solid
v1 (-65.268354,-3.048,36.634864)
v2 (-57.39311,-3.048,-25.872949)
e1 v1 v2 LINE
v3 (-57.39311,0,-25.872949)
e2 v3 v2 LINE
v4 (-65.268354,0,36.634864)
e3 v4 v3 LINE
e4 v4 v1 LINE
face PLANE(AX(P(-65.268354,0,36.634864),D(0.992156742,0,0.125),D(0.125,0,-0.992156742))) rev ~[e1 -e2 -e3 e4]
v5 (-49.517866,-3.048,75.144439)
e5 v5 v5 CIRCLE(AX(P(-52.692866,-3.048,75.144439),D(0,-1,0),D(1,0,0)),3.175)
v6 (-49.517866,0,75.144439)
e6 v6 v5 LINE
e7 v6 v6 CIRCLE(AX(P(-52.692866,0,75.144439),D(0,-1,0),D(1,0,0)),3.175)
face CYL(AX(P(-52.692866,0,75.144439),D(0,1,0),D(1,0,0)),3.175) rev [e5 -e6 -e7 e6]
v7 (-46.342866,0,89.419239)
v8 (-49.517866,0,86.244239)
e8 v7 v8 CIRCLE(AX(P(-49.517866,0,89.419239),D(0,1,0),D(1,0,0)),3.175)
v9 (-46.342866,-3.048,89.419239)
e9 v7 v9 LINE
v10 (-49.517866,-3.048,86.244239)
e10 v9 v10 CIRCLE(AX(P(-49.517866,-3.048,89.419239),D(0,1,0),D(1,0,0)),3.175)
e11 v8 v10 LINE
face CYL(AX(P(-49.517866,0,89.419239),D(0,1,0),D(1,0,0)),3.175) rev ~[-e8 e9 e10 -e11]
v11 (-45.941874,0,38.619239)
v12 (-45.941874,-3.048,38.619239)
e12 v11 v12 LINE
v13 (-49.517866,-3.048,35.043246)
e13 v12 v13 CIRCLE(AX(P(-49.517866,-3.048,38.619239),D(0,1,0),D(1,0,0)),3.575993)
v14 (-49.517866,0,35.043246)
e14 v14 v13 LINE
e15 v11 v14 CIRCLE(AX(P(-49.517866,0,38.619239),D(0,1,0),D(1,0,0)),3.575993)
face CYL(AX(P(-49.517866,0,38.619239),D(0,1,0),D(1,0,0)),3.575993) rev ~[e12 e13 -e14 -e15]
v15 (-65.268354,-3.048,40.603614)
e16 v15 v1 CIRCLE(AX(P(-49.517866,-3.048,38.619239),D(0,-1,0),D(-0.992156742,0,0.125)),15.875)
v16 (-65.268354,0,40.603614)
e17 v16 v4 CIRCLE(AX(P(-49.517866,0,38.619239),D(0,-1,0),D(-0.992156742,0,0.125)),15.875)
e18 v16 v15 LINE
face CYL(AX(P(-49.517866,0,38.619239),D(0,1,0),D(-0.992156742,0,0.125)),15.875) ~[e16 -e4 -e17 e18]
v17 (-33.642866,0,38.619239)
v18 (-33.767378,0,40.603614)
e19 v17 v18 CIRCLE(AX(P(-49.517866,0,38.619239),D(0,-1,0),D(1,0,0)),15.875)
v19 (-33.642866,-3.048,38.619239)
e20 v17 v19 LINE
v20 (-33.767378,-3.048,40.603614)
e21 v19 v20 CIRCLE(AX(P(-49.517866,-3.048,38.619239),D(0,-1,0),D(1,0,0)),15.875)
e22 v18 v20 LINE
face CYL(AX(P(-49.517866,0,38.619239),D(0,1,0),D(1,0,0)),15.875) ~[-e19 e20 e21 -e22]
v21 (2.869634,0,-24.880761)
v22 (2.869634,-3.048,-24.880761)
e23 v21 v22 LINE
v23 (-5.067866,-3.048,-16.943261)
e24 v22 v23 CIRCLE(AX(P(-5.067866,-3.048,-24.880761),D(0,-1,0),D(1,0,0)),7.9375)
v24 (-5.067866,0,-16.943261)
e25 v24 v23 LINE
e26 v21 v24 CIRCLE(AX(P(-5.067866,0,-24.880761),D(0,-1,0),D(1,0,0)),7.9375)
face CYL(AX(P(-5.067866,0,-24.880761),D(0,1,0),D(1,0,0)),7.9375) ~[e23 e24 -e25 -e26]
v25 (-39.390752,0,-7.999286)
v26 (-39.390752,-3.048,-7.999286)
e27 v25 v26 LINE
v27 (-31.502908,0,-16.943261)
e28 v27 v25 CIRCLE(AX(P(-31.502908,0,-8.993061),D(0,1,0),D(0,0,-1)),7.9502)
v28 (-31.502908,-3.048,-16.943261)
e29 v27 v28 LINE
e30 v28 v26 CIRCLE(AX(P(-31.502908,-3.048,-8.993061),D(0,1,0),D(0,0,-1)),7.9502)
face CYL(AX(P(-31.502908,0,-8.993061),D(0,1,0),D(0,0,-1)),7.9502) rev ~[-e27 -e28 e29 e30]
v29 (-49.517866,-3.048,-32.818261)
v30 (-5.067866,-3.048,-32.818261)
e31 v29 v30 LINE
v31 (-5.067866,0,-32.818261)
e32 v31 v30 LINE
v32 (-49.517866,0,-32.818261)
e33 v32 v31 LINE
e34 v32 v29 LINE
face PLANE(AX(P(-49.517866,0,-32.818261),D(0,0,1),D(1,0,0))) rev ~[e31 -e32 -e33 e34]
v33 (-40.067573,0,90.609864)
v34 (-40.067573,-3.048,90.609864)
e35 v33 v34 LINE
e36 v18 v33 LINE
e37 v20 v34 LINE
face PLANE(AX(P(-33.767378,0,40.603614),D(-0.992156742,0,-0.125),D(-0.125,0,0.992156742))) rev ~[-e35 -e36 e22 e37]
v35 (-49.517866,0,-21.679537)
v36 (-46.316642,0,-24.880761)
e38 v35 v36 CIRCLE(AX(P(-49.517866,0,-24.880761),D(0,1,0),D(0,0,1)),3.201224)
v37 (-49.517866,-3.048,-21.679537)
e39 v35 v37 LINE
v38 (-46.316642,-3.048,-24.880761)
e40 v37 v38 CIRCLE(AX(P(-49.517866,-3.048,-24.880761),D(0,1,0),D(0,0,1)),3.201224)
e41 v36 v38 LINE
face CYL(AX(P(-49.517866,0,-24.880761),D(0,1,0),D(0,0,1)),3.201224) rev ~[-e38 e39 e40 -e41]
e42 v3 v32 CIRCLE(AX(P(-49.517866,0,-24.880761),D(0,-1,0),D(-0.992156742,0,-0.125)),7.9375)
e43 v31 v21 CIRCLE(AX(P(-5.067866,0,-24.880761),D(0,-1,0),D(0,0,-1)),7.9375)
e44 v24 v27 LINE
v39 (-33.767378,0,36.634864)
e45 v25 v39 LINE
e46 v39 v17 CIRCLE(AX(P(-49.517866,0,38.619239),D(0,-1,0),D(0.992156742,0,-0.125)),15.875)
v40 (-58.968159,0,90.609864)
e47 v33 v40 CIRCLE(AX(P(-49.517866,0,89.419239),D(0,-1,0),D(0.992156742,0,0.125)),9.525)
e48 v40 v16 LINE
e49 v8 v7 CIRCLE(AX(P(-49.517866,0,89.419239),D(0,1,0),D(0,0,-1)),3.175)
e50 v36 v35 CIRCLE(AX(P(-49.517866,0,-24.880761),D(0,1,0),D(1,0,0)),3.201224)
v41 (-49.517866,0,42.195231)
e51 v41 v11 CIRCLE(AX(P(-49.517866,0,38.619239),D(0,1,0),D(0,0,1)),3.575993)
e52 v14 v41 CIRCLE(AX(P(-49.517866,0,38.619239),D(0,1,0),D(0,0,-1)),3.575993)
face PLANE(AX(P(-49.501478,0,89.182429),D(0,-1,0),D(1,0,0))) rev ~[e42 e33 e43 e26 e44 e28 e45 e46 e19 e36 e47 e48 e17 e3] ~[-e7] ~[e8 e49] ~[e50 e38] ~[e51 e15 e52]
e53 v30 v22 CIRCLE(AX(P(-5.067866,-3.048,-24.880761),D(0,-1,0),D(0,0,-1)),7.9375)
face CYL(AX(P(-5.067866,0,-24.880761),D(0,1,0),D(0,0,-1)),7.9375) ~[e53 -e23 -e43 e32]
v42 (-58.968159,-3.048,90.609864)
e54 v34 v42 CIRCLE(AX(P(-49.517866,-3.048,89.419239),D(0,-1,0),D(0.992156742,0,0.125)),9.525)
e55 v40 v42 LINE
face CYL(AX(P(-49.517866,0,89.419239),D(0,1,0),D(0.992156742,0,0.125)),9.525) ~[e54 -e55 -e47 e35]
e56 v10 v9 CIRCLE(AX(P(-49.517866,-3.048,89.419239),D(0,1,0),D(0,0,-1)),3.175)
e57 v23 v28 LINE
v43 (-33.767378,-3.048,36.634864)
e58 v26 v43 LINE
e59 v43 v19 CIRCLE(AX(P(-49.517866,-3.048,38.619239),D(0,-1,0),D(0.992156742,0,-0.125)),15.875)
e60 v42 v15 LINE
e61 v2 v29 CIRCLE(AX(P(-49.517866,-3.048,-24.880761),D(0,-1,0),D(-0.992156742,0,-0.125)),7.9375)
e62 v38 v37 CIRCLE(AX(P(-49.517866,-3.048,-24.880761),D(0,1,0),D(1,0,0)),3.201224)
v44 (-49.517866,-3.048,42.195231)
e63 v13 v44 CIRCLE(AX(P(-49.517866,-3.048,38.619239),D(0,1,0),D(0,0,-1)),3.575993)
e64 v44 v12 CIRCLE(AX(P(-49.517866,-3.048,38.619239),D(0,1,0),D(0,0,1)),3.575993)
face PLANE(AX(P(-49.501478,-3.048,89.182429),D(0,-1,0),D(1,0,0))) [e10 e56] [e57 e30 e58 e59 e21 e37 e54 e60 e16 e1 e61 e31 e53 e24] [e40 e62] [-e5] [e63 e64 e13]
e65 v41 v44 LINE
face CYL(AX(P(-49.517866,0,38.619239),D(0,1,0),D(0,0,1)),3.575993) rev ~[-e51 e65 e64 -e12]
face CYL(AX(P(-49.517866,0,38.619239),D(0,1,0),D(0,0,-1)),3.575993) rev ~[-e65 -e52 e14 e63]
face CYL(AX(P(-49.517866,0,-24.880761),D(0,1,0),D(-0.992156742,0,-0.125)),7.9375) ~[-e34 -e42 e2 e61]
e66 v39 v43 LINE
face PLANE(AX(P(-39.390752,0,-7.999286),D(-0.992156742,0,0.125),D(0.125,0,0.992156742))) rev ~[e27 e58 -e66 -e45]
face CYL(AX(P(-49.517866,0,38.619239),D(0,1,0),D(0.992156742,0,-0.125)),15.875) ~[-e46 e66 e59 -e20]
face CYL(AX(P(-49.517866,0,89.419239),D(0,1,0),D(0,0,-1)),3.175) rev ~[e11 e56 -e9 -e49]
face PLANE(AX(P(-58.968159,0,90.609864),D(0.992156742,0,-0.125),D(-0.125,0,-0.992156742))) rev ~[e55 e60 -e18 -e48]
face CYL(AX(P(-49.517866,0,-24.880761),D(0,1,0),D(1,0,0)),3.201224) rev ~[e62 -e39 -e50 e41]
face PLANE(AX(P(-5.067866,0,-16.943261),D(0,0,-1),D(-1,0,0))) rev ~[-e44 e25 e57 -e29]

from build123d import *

# Parameters (mm, degrees)
F0_R     = 3.175
F1_DEPTH = 3.048


with BuildPart() as f1:
    # F0 (on Front) → F1 (new body)
    with BuildSketch(Plane.XZ):
        with BuildLine():
            ThreePointArc((-58.9681591883, 90.6098637193), (-56.6616162241, 83.1190434099), (-49.5178662241, 79.8942387193))
            ThreePointArc((-49.5178662241, 79.8942387193), (-42.7826741332, 82.6840466285), (-39.9928662241, 89.4192387193))
            ThreePointArc((-39.9928662241, 89.4192387193), (-40.0115613298, 90.0157219613), (-40.0675732598, 90.6098637193))
            ThreePointArc((-40.0675732598, 90.6098637193), (-49.5178662241, 98.9442387193), (-58.9681591883, 90.6098637193))
        make_face()
        with BuildLine():
            ThreePointArc((-46.3428662241, 89.4192387193), (-47.2728021938, 87.1741746891), (-49.5178662241, 86.2442387193))
            ThreePointArc((-49.5178662241, 86.2442387193), (-51.7629302543, 91.6643027496), (-46.3428662241, 89.4192387193))
        make_face(mode=Mode.SUBTRACT)
        with BuildLine():
            ThreePointArc((-39.9928662241, 89.4192387193), (-42.7826741332, 82.6840466285), (-49.5178662241, 79.8942387193))
            Line((-49.5178662241, 79.8942387193), (-49.5178662241, 75.1444387193))
            Line((-49.5178662241, 75.1444387193), (-49.5178662241, 54.4942387193))
            ThreePointArc((-49.5178662241, 54.4942387193), (-39.0175407083, 50.5254887193), (-33.7673779504, 40.6036137193))
            Line((-33.7673779504, 40.6036137193), (-40.0675732598, 90.6098637193))
            ThreePointArc((-40.0675732598, 90.6098637193), (-40.0115613298, 90.0157219613), (-39.9928662241, 89.4192387193))
        make_face()
        with BuildLine():
            Line((-49.5178662241, 75.1444387193), (-49.5178662241, 79.8942387193))
            ThreePointArc((-49.5178662241, 79.8942387193), (-56.6616162241, 83.1190434099), (-58.9681591883, 90.6098637193))
            Line((-58.9681591883, 90.6098637193), (-65.2683544977, 40.6036137193))
            ThreePointArc((-65.2683544977, 40.6036137193), (-60.0181917398, 50.5254887193), (-49.5178662241, 54.4942387193))
            Line((-49.5178662241, 54.4942387193), (-49.5178662241, 75.1444387193))
        make_face()
        with Locations((-52.6928662241, 75.1444387193)):
            Circle(F0_R, mode=Mode.SUBTRACT)
        with BuildLine():
            ThreePointArc((-33.7673779504, 40.6036137193), (-39.0175407083, 50.5254887193), (-49.5178662241, 54.4942387193))
            Line((-49.5178662241, 54.4942387193), (-49.5178662241, 42.1952313846))
            ThreePointArc((-49.5178662241, 42.1952313846), (-46.9892575609, 41.1478473825), (-45.9418735588, 38.6192387193))
            ThreePointArc((-45.9418735588, 38.6192387193), (-46.9892575609, 36.0906300562), (-49.5178662241, 35.043246054))
            Line((-49.5178662241, 35.043246054), (-49.5178662241, 22.7442387193))
            ThreePointArc((-49.5178662241, 22.7442387193), (-39.0175407083, 26.7129887193), (-33.7673779504, 36.6348637193))
            ThreePointArc((-33.7673779504, 36.6348637193), (-33.6740247337, 37.6250999827), (-33.6428662241, 38.6192387193))
            ThreePointArc((-33.6428662241, 38.6192387193), (-33.6740247337, 39.613377456), (-33.7673779504, 40.6036137193))
        make_face()
        with BuildLine():
            Line((-49.5178662241, 42.1952313846), (-49.5178662241, 54.4942387193))
            ThreePointArc((-49.5178662241, 54.4942387193), (-60.0181917398, 50.5254887193), (-65.2683544977, 40.6036137193))
            ThreePointArc((-65.2683544977, 40.6036137193), (-65.3928662241, 38.6192387193), (-65.2683544977, 36.6348637193))
            ThreePointArc((-65.2683544977, 36.6348637193), (-60.0181917398, 26.7129887193), (-49.5178662241, 22.7442387193))
            Line((-49.5178662241, 22.7442387193), (-49.5178662241, 35.043246054))
            ThreePointArc((-49.5178662241, 35.043246054), (-53.0938588894, 38.6192387193), (-49.5178662241, 42.1952313846))
        make_face()
        with BuildLine():
            ThreePointArc((-49.5178662241, 22.7442387193), (-60.0181917398, 26.7129887193), (-65.2683544977, 36.6348637193))
            Line((-65.2683544977, 36.6348637193), (-57.3931103609, -25.8729487807))
            ThreePointArc((-57.3931103609, -25.8729487807), (-55.4709912241, -19.6305985228), (-49.5178662241, -16.9432612807))
            Line((-49.5178662241, -16.9432612807), (-49.5178662241, 22.7442387193))
        make_face()
        with BuildLine():
            ThreePointArc((-33.7673779504, 36.6348637193), (-39.0175407083, 26.7129887193), (-49.5178662241, 22.7442387193))
            Line((-49.5178662241, 22.7442387193), (-49.5178662241, -16.9432612807))
            ThreePointArc((-49.5178662241, -16.9432612807), (-43.9052061484, -19.268101205), (-41.5803662241, -24.8807612807))
            Line((-41.5803662241, -24.8807612807), (-13.0053662241, -24.8807612807))
            ThreePointArc((-13.0053662241, -24.8807612807), (-10.6805262997, -19.268101205), (-5.0678662241, -16.9432612807))
            Line((-5.0678662241, -16.9432612807), (-31.5029077506, -16.9432612807))
            ThreePointArc((-31.5029077506, -16.9432612807), (-37.4655577506, -14.251624299), (-39.390752278, -7.9992862807))
            Line((-39.390752278, -7.9992862807), (-33.7673779504, 36.6348637193))
        make_face()
        with BuildLine():
            ThreePointArc((-49.5178662241, -16.9432612807), (-55.4709912241, -19.6305985228), (-57.3931103609, -25.8729487807))
            ThreePointArc((-57.3931103609, -25.8729487807), (-54.7680289819, -30.8338862807), (-49.5178662241, -32.8182612807))
            ThreePointArc((-49.5178662241, -32.8182612807), (-43.9052061484, -30.4934213563), (-41.5803662241, -24.8807612807))
            Line((-41.5803662241, -24.8807612807), (-46.3166417574, -24.8807612807))
            ThreePointArc((-46.3166417574, -24.8807612807), (-51.7814737525, -27.1443688092), (-49.5178662241, -21.679536814))
            Line((-49.5178662241, -21.679536814), (-49.5178662241, -16.9432612807))
        make_face()
        with BuildLine():
            ThreePointArc((-41.5803662241, -24.8807612807), (-43.9052061484, -30.4934213563), (-49.5178662241, -32.8182612807))
            Line((-49.5178662241, -32.8182612807), (-5.0678662241, -32.8182612807))
            ThreePointArc((-5.0678662241, -32.8182612807), (-10.6805262997, -30.4934213563), (-13.0053662241, -24.8807612807))
            Line((-13.0053662241, -24.8807612807), (-41.5803662241, -24.8807612807))
        make_face()
        with BuildLine():
            ThreePointArc((-13.0053662241, -24.8807612807), (-10.6805262997, -30.4934213563), (-5.0678662241, -32.8182612807))
            ThreePointArc((-5.0678662241, -32.8182612807), (0.5447938516, -30.4934213563), (2.8696337759, -24.8807612807))
            ThreePointArc((2.8696337759, -24.8807612807), (0.5447938516, -19.268101205), (-5.0678662241, -16.9432612807))
            ThreePointArc((-5.0678662241, -16.9432612807), (-10.6805262997, -19.268101205), (-13.0053662241, -24.8807612807))
        make_face()
        with BuildLine():
            ThreePointArc((-41.5803662241, -24.8807612807), (-43.9052061484, -19.268101205), (-49.5178662241, -16.9432612807))
            Line((-49.5178662241, -16.9432612807), (-49.5178662241, -21.679536814))
            ThreePointArc((-49.5178662241, -21.679536814), (-47.2542586956, -22.6171537522), (-46.3166417574, -24.8807612807))
            Line((-46.3166417574, -24.8807612807), (-41.5803662241, -24.8807612807))
        make_face()
    extrude(amount=F1_DEPTH)


solid = f1.part
